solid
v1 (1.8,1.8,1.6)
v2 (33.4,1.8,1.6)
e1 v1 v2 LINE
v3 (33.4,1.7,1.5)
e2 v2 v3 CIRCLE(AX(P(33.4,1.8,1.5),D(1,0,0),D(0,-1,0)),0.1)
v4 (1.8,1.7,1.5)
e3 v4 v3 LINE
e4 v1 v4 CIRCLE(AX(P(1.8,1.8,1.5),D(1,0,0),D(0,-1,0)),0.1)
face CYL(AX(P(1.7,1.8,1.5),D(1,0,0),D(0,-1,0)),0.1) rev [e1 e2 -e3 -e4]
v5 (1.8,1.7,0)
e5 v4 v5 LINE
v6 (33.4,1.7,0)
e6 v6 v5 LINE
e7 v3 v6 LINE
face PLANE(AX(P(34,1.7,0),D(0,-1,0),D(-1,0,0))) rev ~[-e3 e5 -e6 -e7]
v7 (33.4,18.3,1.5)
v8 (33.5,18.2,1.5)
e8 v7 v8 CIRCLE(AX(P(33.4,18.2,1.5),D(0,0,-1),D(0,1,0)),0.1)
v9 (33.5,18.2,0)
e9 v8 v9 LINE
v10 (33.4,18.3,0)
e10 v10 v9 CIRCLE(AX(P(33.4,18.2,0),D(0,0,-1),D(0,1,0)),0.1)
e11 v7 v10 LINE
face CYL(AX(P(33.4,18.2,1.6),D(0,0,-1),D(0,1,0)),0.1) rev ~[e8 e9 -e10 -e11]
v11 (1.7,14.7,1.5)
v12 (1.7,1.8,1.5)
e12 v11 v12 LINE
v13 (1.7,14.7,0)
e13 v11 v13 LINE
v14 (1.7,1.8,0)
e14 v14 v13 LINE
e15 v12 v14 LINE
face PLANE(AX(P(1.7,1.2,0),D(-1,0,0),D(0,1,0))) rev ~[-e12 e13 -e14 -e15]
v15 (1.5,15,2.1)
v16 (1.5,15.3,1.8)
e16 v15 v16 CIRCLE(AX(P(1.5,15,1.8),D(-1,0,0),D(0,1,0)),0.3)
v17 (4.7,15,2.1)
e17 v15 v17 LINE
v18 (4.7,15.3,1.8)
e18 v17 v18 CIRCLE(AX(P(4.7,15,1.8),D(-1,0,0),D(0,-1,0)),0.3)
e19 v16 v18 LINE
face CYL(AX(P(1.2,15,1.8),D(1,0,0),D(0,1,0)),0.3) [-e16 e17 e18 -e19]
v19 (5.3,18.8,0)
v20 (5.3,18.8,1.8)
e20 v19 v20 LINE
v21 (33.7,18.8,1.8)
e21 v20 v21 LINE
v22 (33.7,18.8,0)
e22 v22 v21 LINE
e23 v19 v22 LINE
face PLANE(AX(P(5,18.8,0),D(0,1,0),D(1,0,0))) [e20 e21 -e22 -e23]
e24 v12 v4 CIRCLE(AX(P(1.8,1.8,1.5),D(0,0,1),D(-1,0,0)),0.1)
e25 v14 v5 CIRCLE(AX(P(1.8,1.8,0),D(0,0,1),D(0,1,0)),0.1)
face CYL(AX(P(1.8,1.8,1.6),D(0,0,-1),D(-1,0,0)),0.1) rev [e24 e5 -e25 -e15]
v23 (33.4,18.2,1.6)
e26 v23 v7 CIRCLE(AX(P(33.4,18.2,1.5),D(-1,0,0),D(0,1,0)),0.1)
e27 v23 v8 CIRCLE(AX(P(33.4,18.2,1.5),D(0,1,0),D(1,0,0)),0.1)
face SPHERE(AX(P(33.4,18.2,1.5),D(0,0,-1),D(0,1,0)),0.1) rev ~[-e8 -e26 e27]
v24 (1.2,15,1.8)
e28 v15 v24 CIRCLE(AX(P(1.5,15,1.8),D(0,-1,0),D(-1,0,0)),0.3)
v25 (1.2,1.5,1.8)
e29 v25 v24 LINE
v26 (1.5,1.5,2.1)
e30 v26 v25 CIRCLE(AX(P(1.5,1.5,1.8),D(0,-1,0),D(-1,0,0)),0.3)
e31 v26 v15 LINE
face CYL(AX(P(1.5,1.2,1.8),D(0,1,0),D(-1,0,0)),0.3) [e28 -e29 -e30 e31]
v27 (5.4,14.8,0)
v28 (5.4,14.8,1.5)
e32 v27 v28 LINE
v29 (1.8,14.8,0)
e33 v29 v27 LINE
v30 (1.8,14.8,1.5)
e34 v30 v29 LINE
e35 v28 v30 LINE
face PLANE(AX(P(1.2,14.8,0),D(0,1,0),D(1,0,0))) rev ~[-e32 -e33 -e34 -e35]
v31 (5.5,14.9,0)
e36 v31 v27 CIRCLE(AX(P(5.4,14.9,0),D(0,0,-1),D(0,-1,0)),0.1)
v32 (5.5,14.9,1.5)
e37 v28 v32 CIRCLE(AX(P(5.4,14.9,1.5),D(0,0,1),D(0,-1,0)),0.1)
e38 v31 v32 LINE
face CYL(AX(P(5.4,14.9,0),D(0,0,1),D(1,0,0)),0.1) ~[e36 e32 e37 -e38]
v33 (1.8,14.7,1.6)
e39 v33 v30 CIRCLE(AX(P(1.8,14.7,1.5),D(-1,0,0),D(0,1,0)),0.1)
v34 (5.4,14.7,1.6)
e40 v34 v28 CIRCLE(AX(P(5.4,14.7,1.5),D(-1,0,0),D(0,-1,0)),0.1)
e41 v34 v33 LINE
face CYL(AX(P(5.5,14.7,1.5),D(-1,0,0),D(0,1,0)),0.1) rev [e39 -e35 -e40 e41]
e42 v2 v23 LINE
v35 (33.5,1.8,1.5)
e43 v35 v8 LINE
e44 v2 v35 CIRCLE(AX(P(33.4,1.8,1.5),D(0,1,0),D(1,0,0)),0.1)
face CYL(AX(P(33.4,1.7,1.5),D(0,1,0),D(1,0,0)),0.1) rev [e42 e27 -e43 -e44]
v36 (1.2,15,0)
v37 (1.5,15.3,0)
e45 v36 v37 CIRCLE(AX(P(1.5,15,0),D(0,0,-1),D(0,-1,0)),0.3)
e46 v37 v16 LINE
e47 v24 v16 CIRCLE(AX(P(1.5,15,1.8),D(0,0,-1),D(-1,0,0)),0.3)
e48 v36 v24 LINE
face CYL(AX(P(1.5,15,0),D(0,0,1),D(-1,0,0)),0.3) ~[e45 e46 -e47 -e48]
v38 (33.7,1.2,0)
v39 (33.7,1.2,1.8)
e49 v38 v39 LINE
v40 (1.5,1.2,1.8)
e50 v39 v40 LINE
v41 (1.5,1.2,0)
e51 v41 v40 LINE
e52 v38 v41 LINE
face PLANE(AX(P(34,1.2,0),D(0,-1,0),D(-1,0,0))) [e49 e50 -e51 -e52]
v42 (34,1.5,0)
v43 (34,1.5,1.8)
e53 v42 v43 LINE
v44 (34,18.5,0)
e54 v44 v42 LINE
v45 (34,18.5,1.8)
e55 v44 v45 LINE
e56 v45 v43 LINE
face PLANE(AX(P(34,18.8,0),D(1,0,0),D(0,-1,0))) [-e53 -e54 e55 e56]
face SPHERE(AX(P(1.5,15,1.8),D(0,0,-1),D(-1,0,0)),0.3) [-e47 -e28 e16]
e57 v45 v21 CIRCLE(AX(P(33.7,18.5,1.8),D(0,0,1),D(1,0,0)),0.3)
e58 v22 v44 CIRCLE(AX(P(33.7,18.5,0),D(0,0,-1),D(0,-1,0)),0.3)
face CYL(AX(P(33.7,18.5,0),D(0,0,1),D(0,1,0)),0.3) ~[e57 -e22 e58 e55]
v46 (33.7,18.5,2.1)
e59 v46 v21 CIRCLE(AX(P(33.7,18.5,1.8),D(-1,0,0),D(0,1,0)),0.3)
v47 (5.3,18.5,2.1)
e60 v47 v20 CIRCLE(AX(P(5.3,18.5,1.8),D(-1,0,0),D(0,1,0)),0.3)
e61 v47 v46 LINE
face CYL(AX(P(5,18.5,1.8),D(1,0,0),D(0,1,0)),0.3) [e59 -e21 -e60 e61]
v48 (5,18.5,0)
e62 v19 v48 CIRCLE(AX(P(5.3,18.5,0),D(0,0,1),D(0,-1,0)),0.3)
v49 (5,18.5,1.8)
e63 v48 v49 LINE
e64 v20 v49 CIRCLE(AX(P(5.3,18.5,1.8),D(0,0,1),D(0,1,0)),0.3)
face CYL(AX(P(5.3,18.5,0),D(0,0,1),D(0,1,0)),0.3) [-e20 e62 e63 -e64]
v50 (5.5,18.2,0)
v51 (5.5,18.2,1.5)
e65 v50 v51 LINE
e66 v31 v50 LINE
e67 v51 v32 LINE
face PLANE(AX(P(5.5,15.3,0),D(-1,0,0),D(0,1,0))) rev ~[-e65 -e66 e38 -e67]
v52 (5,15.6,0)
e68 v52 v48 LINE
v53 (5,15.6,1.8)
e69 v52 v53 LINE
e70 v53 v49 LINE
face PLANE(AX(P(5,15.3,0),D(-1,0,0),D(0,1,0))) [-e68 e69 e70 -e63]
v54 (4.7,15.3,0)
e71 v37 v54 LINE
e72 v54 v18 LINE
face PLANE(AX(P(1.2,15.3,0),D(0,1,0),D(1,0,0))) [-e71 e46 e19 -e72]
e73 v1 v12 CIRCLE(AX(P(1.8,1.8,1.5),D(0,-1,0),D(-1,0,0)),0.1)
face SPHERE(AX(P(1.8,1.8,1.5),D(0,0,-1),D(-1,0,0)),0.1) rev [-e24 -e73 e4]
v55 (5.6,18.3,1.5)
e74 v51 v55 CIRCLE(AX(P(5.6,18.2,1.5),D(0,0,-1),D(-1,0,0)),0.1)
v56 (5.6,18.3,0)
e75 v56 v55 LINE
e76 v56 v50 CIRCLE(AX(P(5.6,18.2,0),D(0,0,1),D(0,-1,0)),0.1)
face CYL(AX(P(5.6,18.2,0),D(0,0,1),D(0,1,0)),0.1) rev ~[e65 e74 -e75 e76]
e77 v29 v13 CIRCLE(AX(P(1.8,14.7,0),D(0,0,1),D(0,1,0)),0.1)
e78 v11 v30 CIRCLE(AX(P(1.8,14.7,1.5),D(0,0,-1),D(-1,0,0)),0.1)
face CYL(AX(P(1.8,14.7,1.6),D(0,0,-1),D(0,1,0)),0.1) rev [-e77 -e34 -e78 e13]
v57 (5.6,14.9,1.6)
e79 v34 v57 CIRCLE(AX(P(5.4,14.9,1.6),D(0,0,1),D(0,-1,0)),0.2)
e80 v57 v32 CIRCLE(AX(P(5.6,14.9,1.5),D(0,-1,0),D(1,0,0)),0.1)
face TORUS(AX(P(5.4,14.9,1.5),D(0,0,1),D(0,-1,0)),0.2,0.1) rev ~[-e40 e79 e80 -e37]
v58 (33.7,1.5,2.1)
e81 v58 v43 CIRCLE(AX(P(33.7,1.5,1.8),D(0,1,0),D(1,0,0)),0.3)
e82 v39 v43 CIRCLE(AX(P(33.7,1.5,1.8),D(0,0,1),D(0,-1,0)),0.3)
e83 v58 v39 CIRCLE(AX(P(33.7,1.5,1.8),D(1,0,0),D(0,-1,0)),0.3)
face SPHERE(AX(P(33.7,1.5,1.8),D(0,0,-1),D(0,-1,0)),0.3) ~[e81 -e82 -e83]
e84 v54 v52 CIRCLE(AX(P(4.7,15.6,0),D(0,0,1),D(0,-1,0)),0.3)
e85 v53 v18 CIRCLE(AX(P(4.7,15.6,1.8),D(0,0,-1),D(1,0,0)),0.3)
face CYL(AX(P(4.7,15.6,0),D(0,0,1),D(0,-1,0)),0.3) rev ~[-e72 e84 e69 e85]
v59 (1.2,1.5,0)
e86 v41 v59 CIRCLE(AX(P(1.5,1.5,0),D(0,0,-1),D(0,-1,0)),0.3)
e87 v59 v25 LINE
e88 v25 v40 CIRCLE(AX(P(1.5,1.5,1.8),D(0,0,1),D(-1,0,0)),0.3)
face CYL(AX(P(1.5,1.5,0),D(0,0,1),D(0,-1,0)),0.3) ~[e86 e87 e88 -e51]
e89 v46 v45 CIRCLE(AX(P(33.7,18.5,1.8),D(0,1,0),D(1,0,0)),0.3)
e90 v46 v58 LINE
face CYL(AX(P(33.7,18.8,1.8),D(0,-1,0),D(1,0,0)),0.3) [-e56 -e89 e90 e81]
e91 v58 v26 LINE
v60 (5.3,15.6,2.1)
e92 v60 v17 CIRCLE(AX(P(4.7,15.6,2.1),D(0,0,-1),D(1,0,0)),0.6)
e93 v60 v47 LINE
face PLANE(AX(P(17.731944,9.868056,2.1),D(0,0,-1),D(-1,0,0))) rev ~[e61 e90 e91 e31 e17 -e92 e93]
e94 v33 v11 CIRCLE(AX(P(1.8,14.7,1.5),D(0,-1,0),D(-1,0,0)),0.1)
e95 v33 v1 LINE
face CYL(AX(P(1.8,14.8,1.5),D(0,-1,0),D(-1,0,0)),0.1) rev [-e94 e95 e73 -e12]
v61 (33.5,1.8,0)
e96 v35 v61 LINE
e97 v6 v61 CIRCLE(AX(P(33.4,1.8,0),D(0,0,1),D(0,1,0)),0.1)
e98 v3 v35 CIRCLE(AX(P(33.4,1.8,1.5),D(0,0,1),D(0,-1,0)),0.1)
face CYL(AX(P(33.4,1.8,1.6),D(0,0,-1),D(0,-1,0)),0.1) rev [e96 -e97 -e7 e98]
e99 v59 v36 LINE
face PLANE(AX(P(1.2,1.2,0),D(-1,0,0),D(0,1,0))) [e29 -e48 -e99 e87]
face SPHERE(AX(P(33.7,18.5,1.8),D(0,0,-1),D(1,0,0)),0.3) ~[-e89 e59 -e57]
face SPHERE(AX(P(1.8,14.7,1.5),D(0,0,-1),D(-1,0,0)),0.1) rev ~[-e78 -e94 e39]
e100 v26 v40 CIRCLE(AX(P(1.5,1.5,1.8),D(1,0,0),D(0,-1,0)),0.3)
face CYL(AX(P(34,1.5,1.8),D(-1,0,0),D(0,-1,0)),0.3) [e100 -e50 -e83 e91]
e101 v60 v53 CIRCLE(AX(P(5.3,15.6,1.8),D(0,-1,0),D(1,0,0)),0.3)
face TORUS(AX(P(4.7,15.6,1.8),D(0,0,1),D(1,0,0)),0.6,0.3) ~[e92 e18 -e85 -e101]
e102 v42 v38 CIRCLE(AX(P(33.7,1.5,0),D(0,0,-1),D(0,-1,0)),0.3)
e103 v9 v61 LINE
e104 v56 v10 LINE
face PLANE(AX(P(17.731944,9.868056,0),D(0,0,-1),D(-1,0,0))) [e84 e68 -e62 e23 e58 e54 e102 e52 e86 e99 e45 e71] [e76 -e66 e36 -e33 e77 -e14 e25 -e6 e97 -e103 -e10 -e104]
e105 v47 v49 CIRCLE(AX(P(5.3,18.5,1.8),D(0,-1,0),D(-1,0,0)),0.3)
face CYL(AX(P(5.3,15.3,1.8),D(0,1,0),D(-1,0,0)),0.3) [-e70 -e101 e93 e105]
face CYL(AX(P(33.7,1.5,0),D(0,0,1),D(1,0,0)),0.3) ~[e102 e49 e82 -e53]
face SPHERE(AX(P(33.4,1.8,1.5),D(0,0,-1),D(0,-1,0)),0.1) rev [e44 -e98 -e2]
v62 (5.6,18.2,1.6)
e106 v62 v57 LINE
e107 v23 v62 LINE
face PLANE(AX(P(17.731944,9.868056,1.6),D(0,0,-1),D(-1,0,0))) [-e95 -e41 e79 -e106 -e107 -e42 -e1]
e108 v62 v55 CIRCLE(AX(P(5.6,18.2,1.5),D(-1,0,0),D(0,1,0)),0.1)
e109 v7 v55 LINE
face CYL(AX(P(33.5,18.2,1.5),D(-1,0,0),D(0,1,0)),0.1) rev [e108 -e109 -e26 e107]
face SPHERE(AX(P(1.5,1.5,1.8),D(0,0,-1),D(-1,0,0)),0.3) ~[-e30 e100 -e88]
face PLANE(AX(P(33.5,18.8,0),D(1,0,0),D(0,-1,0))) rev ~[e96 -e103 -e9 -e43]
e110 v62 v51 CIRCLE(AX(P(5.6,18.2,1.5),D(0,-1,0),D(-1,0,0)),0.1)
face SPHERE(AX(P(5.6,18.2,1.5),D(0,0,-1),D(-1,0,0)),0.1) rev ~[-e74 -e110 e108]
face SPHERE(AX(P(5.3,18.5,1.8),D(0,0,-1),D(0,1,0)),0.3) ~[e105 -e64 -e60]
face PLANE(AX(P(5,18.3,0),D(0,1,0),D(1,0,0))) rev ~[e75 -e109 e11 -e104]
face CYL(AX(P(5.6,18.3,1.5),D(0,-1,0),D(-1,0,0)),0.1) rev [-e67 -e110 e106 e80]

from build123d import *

# Parameters (mm, degrees)
PAD001_DEPTH = 2.1
THICKNESS_T  = -0.5
FILLET_R     = 0.3
FILLET001_R  = 0.1


with BuildPart() as part:
    # Sketch001 → Pad001 (new body)
    with BuildSketch(Plane.XY):
        Polygon((5, 18.8), (34, 18.8), (34, 1.2), (1.2, 1.2), (1.2, 15.3), (5, 15.3), align=None)
    extrude(amount=PAD001_DEPTH)

    # Thickness
    thickness_openings = [part.faces().sort_by_distance(p)[0] for p in [
        (17.941945, 9.833744, 0),
    ]]
    offset(amount=THICKNESS_T, openings=thickness_openings, kind=Kind.INTERSECTION)

    # Fillet
    fillet_edges = [part.edges().sort_by_distance(p)[0] for p in [
        (1.2, 1.2, 1.05),
        (34, 1.2, 1.05),
        (34, 18.8, 1.05),
        (5, 18.8, 1.05),
        (5, 15.3, 1.05),
        (1.2, 15.3, 1.05),
        (1.2, 8.25, 2.1),
        (17.6, 1.2, 2.1),
        (34, 10, 2.1),
        (19.5, 18.8, 2.1),
        (5, 17.05, 2.1),
        (3.1, 15.3, 2.1),
    ]]
    fillet(fillet_edges, radius=FILLET_R)

    # Fillet001
    fillet001_edges = [part.edges().sort_by_distance(p)[0] for p in [
        (1.7, 1.7, 0.8),
        (33.5, 1.7, 0.8),
        (33.5, 18.3, 0.8),
        (5.5, 18.3, 0.8),
        (5.5, 14.8, 0.8),
        (1.7, 14.8, 0.8),
        (1.7, 8.25, 1.6),
        (3.6, 14.8, 1.6),
        (5.5, 16.55, 1.6),
        (19.5, 18.3, 1.6),
        (17.6, 1.7, 1.6),
        (33.5, 10, 1.6),
    ]]
    fillet(fillet001_edges, radius=FILLET001_R)


solid = part.part
